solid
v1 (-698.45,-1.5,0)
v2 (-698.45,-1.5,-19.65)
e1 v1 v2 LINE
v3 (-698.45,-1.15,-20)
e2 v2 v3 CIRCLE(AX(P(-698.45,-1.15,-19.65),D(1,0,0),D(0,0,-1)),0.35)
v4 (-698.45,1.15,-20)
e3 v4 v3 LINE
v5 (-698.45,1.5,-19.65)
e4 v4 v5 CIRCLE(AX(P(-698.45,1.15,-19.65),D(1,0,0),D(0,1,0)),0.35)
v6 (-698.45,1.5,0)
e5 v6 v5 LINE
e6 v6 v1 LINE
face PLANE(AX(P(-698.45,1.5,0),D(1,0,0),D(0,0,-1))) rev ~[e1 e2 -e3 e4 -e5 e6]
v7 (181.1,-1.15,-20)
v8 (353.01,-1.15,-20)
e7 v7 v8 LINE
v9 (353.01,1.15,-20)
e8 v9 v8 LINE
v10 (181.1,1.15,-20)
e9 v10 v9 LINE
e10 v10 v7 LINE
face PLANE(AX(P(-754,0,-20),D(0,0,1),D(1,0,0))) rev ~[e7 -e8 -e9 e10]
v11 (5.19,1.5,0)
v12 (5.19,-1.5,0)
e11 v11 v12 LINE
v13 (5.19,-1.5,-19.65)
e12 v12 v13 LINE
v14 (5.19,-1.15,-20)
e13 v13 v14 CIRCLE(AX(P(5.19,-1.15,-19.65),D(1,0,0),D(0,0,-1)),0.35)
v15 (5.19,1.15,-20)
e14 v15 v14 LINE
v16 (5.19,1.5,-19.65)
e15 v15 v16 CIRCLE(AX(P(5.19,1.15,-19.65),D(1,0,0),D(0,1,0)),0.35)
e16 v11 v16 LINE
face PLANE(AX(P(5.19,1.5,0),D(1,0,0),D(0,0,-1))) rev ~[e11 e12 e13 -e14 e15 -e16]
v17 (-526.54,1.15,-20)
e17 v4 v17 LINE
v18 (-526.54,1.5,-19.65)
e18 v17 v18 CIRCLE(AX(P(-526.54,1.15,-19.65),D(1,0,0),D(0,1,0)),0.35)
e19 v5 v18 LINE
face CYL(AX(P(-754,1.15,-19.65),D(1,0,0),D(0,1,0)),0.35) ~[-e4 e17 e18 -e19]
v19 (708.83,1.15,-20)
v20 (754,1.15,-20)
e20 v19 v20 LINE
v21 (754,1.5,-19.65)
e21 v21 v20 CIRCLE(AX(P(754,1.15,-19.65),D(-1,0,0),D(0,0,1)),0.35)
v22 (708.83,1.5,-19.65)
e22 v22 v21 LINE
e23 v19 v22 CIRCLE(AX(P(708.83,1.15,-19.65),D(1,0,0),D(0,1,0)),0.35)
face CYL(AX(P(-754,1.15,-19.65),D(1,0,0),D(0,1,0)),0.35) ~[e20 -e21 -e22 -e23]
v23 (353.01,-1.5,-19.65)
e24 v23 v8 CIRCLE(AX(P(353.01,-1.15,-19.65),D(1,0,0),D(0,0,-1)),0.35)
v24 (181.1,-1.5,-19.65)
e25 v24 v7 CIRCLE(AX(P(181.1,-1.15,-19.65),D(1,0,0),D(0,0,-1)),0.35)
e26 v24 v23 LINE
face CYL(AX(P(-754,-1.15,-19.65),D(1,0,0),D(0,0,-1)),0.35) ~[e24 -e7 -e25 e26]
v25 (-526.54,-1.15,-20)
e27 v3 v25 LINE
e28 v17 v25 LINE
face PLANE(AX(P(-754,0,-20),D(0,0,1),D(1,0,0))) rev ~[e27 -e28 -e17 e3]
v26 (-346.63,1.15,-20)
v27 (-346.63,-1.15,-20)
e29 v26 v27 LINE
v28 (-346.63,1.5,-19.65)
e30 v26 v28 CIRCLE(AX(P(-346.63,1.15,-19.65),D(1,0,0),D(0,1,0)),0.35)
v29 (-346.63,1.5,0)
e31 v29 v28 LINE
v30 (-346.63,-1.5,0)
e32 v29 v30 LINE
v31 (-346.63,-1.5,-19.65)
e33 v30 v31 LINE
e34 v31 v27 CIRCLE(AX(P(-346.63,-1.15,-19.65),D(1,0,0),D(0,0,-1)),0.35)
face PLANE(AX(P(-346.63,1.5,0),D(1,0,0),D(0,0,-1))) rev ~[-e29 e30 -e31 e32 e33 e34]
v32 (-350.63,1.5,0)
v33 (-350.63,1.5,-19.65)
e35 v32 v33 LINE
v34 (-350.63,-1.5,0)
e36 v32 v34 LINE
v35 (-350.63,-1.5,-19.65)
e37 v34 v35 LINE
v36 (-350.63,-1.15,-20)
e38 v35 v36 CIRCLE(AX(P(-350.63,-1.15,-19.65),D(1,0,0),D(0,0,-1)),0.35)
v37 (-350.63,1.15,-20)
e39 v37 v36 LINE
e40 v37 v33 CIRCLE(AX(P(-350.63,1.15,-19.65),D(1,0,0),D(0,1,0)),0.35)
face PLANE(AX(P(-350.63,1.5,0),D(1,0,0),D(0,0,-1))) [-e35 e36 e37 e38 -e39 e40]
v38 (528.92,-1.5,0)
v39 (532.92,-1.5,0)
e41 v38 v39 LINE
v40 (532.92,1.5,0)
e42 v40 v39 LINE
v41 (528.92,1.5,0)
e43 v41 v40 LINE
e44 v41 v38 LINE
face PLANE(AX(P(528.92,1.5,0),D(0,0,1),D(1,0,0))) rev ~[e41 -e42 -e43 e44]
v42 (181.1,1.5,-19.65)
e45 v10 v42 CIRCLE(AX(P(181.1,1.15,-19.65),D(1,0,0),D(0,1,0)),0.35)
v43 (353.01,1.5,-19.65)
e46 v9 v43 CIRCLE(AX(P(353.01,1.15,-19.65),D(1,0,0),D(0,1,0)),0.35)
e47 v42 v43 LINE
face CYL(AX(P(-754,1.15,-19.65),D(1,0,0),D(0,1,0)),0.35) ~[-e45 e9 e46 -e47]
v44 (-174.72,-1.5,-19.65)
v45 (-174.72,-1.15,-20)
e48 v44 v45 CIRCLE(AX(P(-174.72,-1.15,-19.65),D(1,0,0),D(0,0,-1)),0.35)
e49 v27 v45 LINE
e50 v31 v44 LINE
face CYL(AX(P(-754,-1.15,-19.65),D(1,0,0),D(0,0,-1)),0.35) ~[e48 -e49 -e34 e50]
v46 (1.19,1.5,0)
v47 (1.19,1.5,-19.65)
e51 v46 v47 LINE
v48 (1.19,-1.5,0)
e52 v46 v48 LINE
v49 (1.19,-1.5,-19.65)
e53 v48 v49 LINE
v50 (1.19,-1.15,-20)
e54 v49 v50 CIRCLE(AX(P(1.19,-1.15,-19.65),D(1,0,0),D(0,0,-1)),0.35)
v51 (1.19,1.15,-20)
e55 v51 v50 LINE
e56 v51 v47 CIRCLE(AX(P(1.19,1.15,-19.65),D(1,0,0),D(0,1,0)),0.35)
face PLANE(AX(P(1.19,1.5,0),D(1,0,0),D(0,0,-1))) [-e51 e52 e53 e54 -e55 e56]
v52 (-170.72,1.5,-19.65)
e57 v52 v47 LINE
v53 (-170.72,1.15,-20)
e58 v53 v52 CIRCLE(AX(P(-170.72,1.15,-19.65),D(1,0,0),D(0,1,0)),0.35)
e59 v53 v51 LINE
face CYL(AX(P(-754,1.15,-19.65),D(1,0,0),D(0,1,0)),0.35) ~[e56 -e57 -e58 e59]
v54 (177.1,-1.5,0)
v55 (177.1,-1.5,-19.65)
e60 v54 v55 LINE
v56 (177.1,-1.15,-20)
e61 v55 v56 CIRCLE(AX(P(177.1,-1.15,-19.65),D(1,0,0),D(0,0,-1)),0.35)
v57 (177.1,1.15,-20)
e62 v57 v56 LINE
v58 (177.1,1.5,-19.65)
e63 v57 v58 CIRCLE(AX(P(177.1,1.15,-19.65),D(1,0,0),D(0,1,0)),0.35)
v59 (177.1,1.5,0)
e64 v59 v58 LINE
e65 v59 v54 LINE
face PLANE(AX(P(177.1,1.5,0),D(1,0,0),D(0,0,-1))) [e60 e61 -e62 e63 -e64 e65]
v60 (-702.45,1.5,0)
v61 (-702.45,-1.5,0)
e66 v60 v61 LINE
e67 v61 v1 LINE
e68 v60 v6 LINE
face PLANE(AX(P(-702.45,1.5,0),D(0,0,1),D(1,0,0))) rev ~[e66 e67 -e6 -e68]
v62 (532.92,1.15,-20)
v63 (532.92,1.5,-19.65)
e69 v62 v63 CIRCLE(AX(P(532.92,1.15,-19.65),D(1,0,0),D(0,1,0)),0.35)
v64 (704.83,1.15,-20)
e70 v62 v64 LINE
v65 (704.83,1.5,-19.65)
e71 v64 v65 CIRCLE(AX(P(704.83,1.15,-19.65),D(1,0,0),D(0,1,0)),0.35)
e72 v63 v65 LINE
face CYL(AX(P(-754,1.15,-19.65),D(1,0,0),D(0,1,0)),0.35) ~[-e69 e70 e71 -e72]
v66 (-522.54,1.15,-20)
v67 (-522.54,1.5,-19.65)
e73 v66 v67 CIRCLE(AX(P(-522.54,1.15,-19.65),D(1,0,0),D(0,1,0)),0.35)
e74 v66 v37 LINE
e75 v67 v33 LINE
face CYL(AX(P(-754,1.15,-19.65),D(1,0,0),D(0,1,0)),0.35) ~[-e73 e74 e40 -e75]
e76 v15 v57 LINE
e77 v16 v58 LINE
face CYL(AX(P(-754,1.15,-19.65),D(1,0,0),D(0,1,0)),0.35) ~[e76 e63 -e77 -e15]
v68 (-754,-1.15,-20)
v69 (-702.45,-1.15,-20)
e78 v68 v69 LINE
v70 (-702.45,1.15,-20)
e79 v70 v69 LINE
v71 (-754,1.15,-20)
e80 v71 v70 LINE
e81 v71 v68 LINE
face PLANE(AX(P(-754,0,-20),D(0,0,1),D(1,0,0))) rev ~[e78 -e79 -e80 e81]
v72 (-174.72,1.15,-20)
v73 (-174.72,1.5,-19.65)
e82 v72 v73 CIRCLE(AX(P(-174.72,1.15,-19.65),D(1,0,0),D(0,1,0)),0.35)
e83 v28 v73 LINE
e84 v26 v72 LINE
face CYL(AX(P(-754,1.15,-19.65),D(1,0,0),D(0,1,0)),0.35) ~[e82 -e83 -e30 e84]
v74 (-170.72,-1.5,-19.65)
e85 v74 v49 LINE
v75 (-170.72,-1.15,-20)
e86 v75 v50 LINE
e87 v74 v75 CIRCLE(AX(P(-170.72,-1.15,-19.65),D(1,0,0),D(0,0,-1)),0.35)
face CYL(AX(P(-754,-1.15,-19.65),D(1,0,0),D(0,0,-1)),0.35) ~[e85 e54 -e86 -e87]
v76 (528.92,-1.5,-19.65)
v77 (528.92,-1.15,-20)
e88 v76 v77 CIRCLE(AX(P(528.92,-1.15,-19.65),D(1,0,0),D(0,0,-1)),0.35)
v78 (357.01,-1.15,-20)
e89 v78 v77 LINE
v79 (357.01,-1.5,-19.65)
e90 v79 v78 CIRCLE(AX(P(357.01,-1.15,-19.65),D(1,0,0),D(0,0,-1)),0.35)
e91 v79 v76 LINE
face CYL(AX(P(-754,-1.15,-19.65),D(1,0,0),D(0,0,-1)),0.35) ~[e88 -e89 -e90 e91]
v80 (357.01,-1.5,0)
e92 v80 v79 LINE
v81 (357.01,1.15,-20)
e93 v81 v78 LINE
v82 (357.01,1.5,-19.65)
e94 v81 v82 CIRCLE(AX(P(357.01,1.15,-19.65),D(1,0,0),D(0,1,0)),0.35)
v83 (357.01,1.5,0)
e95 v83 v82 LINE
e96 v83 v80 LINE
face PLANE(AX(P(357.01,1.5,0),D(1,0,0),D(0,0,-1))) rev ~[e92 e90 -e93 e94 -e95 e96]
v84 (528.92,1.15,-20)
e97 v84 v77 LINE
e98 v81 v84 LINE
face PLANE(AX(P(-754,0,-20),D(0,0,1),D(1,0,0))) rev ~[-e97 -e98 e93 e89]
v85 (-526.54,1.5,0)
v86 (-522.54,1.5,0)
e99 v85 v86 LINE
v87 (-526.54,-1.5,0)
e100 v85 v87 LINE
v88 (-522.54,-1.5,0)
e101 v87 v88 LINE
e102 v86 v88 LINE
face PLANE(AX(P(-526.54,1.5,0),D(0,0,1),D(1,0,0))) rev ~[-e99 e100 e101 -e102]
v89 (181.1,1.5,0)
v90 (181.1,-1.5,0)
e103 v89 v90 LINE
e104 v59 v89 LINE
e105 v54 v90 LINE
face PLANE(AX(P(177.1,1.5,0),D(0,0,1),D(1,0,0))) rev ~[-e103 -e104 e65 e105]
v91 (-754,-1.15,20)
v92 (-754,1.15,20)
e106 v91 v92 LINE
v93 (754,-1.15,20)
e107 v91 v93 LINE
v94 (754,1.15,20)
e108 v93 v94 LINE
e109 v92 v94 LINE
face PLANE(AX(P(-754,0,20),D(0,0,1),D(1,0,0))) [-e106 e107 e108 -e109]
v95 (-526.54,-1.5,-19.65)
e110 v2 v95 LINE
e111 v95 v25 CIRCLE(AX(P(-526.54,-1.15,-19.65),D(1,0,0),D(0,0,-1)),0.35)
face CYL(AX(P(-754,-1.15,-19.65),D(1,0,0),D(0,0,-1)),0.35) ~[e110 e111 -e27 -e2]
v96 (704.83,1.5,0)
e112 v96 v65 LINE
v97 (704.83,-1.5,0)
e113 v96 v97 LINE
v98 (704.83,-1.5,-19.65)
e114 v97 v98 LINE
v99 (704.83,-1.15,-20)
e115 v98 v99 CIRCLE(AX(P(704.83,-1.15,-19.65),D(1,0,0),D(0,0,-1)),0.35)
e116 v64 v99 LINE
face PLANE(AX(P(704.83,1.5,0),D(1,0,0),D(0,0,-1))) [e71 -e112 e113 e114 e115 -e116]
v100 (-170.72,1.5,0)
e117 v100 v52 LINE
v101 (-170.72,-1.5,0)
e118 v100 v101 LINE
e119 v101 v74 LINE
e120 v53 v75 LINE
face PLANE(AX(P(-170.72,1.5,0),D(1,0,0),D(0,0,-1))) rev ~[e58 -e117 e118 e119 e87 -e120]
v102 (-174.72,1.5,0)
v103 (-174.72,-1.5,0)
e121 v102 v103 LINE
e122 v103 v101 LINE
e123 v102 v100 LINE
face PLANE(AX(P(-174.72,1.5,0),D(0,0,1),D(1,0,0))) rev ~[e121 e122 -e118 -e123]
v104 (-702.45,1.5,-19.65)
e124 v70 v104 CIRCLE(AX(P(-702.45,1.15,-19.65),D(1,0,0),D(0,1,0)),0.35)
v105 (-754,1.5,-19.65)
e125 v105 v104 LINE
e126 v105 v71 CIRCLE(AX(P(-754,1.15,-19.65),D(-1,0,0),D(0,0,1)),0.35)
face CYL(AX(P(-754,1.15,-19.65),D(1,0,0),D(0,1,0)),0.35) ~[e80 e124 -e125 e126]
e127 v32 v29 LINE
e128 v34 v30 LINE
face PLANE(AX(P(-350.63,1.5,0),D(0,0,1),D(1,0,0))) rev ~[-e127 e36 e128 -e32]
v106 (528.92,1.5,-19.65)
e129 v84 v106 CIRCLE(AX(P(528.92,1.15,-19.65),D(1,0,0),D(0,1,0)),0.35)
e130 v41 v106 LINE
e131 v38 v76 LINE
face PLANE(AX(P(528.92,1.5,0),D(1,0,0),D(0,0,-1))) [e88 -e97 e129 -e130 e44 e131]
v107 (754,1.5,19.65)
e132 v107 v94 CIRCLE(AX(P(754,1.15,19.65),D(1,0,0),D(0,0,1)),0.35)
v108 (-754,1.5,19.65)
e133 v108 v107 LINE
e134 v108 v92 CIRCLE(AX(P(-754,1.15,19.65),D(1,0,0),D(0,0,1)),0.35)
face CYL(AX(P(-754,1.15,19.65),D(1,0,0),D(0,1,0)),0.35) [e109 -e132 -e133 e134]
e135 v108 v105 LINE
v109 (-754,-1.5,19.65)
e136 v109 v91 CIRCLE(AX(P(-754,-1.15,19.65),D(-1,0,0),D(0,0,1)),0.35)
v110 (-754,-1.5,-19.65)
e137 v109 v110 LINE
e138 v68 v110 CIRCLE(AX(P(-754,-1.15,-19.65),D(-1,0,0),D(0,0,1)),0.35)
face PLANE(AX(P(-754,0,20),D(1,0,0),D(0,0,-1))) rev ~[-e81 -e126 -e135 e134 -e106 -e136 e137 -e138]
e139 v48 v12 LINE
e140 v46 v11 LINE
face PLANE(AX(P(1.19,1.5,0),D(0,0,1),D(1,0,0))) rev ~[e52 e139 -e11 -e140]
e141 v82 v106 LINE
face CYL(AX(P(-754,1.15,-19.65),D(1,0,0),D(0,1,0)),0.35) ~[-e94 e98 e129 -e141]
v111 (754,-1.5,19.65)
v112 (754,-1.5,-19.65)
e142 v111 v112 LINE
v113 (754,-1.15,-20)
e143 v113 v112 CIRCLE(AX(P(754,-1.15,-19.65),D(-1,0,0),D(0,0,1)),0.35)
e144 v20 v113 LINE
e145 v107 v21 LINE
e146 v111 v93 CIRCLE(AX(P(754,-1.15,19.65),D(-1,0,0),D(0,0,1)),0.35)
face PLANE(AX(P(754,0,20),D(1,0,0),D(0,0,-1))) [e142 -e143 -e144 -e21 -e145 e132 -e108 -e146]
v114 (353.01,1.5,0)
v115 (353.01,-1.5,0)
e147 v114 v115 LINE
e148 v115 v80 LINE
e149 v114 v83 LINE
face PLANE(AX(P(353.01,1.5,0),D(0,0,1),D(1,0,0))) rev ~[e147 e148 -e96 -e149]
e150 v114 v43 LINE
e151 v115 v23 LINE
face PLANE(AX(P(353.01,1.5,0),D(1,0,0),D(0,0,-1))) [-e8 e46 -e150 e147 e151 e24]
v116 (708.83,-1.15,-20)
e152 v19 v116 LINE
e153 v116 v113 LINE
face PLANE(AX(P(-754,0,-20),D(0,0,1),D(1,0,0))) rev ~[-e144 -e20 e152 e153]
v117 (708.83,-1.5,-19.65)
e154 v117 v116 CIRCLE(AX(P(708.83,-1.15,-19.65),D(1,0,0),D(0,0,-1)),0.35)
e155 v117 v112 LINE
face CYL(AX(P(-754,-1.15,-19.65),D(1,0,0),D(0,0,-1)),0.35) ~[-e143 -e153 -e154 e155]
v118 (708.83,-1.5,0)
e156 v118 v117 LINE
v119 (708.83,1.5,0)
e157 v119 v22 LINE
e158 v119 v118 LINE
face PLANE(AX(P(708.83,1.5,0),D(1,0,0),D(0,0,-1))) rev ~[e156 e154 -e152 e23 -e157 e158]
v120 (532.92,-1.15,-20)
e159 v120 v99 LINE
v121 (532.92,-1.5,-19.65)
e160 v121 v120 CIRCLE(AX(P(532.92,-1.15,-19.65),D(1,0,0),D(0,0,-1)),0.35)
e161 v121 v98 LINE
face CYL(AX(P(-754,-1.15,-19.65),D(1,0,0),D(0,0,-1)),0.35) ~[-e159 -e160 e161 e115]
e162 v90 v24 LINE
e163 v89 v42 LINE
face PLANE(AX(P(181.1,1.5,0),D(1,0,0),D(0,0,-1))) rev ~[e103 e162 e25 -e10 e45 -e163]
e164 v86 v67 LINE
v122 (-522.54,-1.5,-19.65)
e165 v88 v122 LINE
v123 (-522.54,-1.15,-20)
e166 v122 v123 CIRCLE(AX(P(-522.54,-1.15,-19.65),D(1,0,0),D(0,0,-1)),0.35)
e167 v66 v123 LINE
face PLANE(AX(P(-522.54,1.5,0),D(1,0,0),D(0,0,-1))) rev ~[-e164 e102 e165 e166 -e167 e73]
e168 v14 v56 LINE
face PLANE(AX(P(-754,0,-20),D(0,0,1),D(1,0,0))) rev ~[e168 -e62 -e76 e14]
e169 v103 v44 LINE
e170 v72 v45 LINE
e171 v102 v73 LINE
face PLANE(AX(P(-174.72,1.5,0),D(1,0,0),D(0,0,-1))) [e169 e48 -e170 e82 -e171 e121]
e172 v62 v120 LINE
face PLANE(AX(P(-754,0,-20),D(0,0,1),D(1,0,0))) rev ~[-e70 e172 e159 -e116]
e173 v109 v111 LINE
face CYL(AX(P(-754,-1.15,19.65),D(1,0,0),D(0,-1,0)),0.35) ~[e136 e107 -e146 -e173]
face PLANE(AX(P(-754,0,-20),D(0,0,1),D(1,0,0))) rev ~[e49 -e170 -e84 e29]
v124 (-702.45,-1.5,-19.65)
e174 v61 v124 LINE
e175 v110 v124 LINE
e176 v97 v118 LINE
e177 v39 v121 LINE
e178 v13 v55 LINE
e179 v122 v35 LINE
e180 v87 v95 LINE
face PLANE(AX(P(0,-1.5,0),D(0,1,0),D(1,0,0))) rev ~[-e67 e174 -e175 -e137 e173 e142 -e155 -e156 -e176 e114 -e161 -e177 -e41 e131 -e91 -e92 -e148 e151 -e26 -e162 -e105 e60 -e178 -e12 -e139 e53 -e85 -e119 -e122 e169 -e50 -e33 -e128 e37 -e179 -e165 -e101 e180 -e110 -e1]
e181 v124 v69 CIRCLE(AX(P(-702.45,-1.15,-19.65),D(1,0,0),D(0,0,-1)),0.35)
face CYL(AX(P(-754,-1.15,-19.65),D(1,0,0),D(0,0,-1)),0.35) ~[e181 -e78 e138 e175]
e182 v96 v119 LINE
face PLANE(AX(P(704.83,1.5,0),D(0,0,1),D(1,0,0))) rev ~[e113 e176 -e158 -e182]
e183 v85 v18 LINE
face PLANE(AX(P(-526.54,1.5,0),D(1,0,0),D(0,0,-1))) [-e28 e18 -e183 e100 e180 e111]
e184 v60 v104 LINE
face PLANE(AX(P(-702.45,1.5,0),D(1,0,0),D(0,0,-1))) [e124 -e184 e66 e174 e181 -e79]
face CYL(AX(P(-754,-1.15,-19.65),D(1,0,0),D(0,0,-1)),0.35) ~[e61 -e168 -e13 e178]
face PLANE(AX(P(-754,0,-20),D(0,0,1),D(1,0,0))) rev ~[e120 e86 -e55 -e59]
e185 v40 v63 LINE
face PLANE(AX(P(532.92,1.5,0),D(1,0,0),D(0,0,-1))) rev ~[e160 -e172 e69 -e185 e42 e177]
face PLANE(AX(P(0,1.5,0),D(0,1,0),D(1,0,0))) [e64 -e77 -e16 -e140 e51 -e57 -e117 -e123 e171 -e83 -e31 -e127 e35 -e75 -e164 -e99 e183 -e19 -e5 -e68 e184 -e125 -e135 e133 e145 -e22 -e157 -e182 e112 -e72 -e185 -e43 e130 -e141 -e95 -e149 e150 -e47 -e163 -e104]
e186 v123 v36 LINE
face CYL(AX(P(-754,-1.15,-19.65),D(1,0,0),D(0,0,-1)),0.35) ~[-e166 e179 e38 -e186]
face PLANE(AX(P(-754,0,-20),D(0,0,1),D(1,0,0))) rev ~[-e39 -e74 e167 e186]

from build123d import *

# Parameters (mm, degrees)
BOSS_EXTRUDE1_DEPTH      = 1.5
BOSS_EXTRUDE1_DEPTH_BACK = 1.5
SKETCH1_W                = 1508
SKETCH1_H                = 40
FILLET1_R                = 0.35
SKETCH2_W                = 4
SKETCH2_H                = 20
CUT_EXTRUDE1_DEPTH       = 755.271171397


with BuildPart() as part:
    # Sketch1 → Boss-Extrude1 (new, two sides: drawn at the far end of the back side and taken through both)
    with BuildSketch(Plane(origin=(0, 0, 0), x_dir=(1, 0, 0), z_dir=(0, 1, 0)).offset(-BOSS_EXTRUDE1_DEPTH_BACK)):
        Rectangle(SKETCH1_W, SKETCH1_H)
    extrude(amount=BOSS_EXTRUDE1_DEPTH + BOSS_EXTRUDE1_DEPTH_BACK)

    # Fillet1
    fillet1_edges = [part.edges().sort_by_distance(p)[0] for p in [
        (0, -1.5, -20),
        (0, -1.5, 20),
        (0, 1.5, -20),
        (0, 1.5, 20),
    ]]
    fillet(fillet1_edges, radius=FILLET1_R)

    # Sketch2 → Cut-Extrude1 (cut, through all)
    with BuildSketch(Plane(origin=(0, 1.5, 0), x_dir=(1, 0, 0), z_dir=(0, 1, 0))):
        with Locations((530.92, 10)):
            Rectangle(SKETCH2_W, SKETCH2_H)
        with Locations((706.83, 10)):
            Rectangle(SKETCH2_W, SKETCH2_H)
        with Locations((355.01, 10)):
            Rectangle(SKETCH2_W, SKETCH2_H)
        with Locations((179.1, 10)):
            Rectangle(SKETCH2_W, SKETCH2_H)
        with Locations((3.19, 10)):
            Rectangle(SKETCH2_W, SKETCH2_H)
        with Locations((-172.72, 10)):
            Rectangle(SKETCH2_W, SKETCH2_H)
        with Locations((-348.63, 10)):
            Rectangle(SKETCH2_W, SKETCH2_H)
        with Locations((-524.54, 10)):
            Rectangle(SKETCH2_W, SKETCH2_H)
        with Locations((-700.45, 10)):
            Rectangle(SKETCH2_W, SKETCH2_H)
    extrude(amount=-CUT_EXTRUDE1_DEPTH, mode=Mode.SUBTRACT)


solid = part.part
